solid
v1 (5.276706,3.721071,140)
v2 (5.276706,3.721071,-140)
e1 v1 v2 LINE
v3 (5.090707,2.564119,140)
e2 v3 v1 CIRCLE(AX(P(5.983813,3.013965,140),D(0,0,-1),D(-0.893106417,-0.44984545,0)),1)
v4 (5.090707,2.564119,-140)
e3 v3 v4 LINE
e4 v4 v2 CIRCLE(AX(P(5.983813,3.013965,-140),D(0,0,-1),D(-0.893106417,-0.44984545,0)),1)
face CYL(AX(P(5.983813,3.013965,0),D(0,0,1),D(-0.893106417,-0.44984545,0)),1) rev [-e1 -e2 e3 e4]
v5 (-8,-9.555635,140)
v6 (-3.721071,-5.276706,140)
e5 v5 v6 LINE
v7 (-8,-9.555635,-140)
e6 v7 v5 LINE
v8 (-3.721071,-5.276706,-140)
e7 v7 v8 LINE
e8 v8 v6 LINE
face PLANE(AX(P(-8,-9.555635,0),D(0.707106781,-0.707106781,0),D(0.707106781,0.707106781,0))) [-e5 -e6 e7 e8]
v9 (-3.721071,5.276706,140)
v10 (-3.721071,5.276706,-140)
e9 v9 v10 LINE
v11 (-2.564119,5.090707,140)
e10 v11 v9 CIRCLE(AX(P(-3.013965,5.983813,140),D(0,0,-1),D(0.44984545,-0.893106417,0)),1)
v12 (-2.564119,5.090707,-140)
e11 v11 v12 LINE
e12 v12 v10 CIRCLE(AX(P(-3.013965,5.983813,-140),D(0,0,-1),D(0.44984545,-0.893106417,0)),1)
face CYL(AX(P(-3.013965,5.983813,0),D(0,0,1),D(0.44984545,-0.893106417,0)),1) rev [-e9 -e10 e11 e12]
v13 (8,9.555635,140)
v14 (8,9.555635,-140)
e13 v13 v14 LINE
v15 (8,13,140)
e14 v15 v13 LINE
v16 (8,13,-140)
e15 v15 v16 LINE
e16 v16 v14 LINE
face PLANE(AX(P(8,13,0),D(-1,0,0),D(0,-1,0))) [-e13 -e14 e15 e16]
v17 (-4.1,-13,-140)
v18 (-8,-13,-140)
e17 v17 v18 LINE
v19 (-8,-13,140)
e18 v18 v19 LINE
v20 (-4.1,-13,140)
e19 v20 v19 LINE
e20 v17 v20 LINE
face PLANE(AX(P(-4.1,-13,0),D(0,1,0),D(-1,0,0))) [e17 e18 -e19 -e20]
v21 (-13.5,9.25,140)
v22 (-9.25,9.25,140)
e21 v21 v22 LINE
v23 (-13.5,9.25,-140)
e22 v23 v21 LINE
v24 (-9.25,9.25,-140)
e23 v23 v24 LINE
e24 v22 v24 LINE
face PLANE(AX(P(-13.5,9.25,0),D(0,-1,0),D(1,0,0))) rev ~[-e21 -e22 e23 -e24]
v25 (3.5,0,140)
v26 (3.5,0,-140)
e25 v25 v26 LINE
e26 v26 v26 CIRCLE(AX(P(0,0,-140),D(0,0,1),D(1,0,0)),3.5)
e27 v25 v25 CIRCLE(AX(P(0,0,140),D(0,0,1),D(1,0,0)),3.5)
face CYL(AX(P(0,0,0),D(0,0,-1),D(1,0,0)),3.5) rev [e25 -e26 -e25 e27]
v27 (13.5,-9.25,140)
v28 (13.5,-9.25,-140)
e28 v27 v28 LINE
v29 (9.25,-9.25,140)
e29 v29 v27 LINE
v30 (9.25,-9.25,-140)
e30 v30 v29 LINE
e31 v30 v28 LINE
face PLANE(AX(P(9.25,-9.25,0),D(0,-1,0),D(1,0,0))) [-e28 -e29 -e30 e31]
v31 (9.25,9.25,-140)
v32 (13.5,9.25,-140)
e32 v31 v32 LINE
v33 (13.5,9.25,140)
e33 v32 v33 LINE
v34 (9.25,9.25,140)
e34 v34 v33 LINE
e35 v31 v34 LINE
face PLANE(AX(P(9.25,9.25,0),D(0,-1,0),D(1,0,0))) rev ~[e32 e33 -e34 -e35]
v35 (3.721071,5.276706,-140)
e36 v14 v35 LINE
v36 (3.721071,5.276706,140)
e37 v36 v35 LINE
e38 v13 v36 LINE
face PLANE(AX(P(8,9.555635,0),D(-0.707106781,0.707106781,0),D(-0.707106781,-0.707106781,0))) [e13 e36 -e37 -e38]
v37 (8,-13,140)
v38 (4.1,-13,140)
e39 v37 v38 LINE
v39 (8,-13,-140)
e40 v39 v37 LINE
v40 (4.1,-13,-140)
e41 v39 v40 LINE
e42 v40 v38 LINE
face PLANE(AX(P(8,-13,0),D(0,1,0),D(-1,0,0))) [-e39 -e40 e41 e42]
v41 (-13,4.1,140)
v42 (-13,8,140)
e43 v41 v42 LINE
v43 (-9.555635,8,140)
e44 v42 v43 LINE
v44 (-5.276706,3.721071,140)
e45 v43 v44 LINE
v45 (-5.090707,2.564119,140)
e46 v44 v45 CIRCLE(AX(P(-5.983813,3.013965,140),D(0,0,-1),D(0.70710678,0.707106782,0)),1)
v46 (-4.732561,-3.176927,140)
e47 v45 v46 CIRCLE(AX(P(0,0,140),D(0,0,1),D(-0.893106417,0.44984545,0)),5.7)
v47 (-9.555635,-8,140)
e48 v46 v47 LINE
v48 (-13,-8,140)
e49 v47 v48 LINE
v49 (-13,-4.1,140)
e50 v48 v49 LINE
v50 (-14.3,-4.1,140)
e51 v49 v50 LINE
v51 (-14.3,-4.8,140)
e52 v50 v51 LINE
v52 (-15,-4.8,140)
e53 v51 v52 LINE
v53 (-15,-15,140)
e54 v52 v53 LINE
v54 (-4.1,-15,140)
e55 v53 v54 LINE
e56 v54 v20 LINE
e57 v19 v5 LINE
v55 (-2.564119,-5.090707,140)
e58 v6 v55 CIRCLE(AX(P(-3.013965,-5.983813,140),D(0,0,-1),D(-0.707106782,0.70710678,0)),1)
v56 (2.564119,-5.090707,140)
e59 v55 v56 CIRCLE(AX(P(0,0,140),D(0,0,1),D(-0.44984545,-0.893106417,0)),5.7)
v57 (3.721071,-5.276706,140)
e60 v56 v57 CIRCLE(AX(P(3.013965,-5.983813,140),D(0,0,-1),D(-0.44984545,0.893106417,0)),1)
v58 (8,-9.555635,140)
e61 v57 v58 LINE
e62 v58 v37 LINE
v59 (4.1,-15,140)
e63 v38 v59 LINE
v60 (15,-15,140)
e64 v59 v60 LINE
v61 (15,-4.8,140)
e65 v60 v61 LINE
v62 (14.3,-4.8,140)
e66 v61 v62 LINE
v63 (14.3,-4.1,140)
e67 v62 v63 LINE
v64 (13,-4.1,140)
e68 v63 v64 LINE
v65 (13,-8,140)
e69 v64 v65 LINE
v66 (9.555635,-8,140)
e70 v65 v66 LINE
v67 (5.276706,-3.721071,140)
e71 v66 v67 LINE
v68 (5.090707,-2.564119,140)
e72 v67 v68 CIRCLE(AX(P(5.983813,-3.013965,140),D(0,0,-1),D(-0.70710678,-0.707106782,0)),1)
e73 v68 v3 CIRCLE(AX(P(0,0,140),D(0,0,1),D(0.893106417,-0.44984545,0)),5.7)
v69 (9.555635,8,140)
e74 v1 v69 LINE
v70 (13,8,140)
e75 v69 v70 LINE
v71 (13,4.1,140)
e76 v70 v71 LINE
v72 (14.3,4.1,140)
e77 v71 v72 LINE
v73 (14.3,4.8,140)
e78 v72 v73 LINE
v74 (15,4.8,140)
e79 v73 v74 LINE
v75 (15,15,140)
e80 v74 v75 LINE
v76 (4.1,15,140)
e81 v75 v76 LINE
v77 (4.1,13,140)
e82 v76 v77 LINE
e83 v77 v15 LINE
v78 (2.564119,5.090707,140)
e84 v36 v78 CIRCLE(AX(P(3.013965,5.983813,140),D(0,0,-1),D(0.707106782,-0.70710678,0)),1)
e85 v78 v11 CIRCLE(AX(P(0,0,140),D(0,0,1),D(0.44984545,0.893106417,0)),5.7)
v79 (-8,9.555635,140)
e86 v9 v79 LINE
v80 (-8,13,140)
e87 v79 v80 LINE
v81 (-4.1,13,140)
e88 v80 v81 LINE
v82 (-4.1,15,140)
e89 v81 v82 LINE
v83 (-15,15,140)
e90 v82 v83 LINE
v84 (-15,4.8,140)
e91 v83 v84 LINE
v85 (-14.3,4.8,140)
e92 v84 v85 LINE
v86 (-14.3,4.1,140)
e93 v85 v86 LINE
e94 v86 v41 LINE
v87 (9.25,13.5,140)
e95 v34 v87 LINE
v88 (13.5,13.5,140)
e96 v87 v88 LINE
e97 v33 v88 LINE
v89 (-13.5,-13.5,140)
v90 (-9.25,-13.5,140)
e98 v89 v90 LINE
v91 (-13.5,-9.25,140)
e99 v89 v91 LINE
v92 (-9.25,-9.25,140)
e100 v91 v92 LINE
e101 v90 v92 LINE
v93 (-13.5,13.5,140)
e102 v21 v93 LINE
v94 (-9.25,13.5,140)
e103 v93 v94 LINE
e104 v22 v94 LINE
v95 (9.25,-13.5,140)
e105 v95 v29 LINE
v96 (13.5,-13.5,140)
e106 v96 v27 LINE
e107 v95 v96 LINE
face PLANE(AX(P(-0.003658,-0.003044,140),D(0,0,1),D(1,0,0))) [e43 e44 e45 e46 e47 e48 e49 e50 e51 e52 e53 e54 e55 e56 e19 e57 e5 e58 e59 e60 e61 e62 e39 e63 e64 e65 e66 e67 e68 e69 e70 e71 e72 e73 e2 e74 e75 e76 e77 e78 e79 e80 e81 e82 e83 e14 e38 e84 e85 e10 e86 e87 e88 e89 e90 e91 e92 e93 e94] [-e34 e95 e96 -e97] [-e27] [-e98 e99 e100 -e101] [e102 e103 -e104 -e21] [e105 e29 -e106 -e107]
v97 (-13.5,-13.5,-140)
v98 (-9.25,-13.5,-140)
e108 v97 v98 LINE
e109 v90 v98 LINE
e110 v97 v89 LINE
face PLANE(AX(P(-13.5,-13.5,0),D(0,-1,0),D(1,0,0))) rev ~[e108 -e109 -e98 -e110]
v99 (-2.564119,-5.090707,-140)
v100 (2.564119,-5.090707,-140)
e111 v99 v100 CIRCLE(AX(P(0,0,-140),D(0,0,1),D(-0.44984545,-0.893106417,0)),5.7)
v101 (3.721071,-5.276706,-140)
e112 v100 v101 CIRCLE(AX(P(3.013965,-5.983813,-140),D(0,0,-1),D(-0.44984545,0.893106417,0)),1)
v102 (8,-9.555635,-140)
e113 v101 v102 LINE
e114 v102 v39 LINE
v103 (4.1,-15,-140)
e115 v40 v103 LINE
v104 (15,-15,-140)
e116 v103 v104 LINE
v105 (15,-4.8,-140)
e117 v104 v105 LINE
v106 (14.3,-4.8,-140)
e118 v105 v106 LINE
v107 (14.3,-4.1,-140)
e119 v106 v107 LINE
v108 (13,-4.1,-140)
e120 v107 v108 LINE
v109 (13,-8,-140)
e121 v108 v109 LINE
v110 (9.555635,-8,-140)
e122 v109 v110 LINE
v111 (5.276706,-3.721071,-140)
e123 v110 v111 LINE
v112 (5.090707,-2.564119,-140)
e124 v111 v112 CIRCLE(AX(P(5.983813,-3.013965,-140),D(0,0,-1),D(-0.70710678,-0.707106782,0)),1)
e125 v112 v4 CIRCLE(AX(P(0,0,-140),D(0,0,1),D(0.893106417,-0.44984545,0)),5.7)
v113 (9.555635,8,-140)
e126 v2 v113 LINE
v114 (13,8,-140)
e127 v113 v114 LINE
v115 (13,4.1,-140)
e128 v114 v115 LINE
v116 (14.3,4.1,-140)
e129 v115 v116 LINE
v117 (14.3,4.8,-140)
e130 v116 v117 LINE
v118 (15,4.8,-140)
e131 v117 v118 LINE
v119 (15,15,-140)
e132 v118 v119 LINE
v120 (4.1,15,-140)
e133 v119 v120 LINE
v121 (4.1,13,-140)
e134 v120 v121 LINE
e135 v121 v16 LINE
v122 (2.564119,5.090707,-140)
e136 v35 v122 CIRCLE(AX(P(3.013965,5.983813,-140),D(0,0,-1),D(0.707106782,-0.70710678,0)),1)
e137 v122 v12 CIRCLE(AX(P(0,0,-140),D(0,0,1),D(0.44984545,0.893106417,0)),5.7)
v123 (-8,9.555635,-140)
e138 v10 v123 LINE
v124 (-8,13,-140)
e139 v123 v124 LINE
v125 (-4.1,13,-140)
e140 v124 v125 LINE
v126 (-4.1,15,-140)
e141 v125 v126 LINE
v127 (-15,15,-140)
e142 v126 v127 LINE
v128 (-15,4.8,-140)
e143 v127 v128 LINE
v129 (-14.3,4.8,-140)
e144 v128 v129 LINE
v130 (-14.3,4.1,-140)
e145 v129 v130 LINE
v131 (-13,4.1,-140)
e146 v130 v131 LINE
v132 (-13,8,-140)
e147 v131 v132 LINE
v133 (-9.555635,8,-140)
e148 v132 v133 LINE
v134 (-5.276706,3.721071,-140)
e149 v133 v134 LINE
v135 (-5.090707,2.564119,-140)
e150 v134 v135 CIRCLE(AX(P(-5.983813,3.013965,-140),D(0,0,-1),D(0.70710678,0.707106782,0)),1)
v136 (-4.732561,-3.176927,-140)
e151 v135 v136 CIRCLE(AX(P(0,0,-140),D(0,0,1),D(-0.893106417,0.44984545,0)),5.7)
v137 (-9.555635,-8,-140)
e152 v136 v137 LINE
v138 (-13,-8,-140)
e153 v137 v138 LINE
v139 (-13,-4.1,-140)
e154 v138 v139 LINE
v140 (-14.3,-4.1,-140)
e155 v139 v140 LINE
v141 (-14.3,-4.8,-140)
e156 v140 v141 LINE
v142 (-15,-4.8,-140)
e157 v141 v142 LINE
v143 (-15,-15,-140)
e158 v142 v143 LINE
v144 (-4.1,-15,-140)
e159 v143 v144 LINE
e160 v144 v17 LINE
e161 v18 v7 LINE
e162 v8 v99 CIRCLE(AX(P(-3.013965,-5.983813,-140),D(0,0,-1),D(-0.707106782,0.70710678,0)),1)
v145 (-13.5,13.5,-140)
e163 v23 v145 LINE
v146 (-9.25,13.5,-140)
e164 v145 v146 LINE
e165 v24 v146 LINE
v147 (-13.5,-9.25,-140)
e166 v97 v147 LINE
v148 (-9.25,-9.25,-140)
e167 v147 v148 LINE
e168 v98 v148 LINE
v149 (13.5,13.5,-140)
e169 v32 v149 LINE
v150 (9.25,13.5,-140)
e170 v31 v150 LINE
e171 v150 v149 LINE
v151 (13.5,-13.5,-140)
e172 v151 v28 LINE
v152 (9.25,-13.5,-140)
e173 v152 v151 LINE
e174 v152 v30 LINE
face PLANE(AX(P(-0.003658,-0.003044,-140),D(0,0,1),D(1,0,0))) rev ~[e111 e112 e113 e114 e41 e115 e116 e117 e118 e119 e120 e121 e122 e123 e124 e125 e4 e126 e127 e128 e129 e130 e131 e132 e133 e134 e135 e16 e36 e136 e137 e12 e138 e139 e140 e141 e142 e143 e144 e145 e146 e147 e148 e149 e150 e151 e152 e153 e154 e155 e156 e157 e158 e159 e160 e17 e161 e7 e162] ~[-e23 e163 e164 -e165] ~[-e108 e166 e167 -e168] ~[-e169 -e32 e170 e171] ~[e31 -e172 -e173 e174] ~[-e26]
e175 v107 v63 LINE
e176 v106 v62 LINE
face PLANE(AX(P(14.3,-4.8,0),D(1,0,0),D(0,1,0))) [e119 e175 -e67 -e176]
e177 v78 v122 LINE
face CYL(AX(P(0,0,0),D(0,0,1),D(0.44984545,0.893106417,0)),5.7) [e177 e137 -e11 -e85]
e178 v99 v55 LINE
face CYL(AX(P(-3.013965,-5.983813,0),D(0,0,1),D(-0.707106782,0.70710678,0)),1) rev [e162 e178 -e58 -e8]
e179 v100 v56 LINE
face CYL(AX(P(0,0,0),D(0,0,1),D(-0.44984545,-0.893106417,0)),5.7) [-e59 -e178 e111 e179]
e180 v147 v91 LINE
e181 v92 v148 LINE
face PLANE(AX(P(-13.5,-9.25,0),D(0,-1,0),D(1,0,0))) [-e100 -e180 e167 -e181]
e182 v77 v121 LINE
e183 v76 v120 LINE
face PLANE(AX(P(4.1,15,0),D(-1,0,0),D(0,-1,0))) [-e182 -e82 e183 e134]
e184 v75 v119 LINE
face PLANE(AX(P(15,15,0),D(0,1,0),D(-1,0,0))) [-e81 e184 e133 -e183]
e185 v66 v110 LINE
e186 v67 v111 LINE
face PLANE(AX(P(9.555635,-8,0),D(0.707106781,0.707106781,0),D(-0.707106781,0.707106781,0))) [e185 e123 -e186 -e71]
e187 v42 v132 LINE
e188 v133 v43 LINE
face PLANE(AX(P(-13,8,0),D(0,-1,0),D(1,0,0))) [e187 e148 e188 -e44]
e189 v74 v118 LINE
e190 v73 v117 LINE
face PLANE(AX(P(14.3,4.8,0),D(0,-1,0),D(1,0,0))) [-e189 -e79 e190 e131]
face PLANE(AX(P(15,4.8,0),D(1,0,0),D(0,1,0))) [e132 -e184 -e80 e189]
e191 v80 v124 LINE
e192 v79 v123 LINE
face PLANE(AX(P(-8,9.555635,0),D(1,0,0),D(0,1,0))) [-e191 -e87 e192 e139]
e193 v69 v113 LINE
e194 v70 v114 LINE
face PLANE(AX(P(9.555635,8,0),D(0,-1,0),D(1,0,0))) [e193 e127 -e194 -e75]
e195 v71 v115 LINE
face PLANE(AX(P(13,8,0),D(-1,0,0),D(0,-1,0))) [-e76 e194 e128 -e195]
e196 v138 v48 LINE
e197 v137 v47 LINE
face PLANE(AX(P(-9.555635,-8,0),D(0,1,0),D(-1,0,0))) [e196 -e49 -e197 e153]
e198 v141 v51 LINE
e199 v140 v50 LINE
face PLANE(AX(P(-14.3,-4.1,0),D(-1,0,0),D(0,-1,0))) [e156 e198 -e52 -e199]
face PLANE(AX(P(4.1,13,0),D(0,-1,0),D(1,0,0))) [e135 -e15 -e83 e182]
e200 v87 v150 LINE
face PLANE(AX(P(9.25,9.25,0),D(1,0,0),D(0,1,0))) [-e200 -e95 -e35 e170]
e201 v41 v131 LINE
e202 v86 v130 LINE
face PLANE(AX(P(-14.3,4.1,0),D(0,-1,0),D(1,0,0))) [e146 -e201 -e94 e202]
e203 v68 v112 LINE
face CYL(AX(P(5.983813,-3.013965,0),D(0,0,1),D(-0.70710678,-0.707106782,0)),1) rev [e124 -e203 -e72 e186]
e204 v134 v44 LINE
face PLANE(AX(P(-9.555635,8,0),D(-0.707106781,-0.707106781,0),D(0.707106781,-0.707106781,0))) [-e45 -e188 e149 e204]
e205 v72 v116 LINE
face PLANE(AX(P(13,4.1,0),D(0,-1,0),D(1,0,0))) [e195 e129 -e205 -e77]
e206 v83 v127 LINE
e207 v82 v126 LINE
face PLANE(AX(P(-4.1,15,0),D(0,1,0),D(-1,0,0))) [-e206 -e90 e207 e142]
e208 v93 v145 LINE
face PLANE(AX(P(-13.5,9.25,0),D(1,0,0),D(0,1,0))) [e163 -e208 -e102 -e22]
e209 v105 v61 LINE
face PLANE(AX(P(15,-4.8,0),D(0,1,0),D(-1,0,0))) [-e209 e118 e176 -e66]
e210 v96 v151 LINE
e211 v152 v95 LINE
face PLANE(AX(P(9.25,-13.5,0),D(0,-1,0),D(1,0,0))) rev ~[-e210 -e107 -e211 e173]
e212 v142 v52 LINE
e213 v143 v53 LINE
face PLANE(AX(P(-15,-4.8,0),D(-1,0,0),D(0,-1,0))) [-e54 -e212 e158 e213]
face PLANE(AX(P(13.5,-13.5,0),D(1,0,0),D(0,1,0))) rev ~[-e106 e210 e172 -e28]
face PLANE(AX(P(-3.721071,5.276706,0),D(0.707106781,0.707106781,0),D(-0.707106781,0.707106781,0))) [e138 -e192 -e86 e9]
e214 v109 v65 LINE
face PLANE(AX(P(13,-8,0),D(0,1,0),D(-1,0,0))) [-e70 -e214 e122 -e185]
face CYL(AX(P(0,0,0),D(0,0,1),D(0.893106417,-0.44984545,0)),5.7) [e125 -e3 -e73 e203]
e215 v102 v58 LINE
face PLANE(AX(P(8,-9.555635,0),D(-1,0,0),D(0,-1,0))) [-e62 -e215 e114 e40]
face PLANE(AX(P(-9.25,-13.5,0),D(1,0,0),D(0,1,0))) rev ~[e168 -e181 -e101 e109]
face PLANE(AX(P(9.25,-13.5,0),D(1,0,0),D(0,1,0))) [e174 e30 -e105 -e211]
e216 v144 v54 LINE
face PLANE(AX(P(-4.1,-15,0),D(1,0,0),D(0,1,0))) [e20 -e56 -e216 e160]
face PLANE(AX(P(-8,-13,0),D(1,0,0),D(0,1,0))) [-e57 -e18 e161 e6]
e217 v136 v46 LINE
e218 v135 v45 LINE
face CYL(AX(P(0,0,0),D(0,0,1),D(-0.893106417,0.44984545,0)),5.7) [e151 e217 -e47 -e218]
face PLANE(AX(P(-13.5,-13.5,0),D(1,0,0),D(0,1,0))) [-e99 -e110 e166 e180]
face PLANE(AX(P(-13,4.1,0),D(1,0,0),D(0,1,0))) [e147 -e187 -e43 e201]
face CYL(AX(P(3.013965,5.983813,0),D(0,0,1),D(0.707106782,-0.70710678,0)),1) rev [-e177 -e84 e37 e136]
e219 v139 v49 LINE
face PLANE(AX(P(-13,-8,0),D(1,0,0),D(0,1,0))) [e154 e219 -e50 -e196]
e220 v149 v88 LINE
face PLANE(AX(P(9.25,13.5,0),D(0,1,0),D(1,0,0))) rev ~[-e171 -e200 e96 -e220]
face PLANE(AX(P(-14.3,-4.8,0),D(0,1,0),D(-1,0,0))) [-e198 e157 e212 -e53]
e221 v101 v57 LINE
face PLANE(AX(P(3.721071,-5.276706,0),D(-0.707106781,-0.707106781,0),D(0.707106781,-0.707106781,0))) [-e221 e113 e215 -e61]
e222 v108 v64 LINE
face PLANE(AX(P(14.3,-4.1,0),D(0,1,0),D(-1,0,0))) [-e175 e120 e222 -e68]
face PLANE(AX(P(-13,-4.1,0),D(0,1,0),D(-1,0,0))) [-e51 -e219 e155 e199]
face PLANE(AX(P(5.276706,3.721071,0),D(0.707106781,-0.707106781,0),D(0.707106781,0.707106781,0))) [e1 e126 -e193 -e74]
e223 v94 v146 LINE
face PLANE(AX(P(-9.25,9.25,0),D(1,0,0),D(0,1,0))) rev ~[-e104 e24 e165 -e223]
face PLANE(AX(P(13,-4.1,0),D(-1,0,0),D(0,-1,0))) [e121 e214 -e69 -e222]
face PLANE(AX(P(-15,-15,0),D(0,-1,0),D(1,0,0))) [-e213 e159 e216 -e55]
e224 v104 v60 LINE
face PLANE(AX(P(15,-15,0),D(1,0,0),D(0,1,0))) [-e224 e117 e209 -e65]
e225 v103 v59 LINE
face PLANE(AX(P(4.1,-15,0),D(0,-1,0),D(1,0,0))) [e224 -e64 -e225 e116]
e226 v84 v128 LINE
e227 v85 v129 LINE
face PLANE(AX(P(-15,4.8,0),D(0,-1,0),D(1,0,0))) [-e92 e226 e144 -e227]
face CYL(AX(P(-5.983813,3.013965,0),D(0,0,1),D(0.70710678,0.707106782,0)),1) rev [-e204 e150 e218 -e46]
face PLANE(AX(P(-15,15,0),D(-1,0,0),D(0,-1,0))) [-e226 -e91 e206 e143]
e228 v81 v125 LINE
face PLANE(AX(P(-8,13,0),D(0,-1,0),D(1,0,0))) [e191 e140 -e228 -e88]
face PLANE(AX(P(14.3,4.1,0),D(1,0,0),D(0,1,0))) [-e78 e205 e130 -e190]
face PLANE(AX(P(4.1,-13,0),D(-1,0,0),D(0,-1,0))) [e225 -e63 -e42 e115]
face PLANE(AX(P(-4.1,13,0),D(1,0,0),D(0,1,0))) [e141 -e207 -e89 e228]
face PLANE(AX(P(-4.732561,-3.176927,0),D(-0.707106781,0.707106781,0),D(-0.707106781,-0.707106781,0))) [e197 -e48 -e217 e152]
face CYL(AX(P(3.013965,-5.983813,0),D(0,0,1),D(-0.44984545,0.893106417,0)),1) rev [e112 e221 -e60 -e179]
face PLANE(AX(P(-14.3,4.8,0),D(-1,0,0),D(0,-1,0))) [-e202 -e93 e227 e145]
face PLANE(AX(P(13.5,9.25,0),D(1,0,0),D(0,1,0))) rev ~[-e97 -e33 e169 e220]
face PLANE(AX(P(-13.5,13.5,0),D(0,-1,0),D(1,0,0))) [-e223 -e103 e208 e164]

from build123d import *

# Parameters (mm, degrees)
SKETCH1_R           = 3.5
SKETCH1_W           = 4.25
SKETCH1_H           = 4.25
BOSS_EXTRUDE1_DEPTH = 140


with BuildPart() as part:
    # Sketch1 → Boss-Extrude1 (new, symmetric)
    with BuildSketch(Plane.XY):
        with BuildLine():
            Line((-13, 8), (-9.555634919, 8))
            Line((-9.555634919, 8), (-5.276706211, 3.721071292))
            ThreePointArc((-5.276706211, 3.721071292), (-4.996490762, 3.172693256), (-5.090706575, 2.564119062))
            ThreePointArc((-5.090706575, 2.564119062), (-5.688941006, -0.354894676), (-4.732561446, -3.176926527))
            Line((-4.732561446, -3.176926527), (-9.555634919, -8))
            Line((-9.555634919, -8), (-13, -8))
            Line((-13, -8), (-13, -4.1))
            Line((-13, -4.1), (-14.3, -4.1))
            Line((-14.3, -4.1), (-14.3, -4.8))
            Line((-14.3, -4.8), (-15, -4.8))
            Line((-15, -4.8), (-15, -15))
            Line((-15, -15), (-4.1, -15))
            Line((-4.1, -15), (-4.1, -13))
            Line((-4.1, -13), (-8, -13))
            Line((-8, -13), (-8, -9.555634919))
            Line((-8, -9.555634919), (-3.721071292, -5.276706211))
            ThreePointArc((-3.721071292, -5.276706211), (-3.172693256, -4.996490762), (-2.564119062, -5.090706575))
            ThreePointArc((-2.564119062, -5.090706575), (0, -5.7), (2.564119062, -5.090706575))
            ThreePointArc((2.564119062, -5.090706575), (3.172693256, -4.996490762), (3.721071292, -5.276706211))
            Line((3.721071292, -5.276706211), (8, -9.555634919))
            Line((8, -9.555634919), (8, -13))
            Line((8, -13), (4.1, -13))
            Line((4.1, -13), (4.1, -15))
            Line((4.1, -15), (15, -15))
            Line((15, -15), (15, -4.8))
            Line((15, -4.8), (14.3, -4.8))
            Line((14.3, -4.8), (14.3, -4.1))
            Line((14.3, -4.1), (13, -4.1))
            Line((13, -4.1), (13, -8))
            Line((13, -8), (9.555634919, -8))
            Line((9.555634919, -8), (5.276706211, -3.721071292))
            ThreePointArc((5.276706211, -3.721071292), (4.996490762, -3.172693256), (5.090706575, -2.564119062))
            ThreePointArc((5.090706575, -2.564119062), (5.7, 0), (5.090706575, 2.564119062))
            ThreePointArc((5.090706575, 2.564119062), (4.996490762, 3.172693256), (5.276706211, 3.721071292))
            Line((5.276706211, 3.721071292), (9.555634919, 8))
            Line((9.555634919, 8), (13, 8))
            Line((13, 8), (13, 4.1))
            Line((13, 4.1), (14.3, 4.1))
            Line((14.3, 4.1), (14.3, 4.8))
            Line((14.3, 4.8), (15, 4.8))
            Line((15, 4.8), (15, 15))
            Line((15, 15), (4.1, 15))
            Line((4.1, 15), (4.1, 13))
            Line((4.1, 13), (8, 13))
            Line((8, 13), (8, 9.555634919))
            Line((8, 9.555634919), (3.721071292, 5.276706211))
            ThreePointArc((3.721071292, 5.276706211), (3.172693256, 4.996490762), (2.564119062, 5.090706575))
            ThreePointArc((2.564119062, 5.090706575), (0, 5.7), (-2.564119062, 5.090706575))
            ThreePointArc((-2.564119062, 5.090706575), (-3.172693256, 4.996490762), (-3.721071292, 5.276706211))
            Line((-3.721071292, 5.276706211), (-8, 9.555634919))
            Line((-8, 9.555634919), (-8, 13))
            Line((-8, 13), (-4.1, 13))
            Line((-4.1, 13), (-4.1, 15))
            Line((-4.1, 15), (-15, 15))
            Line((-15, 15), (-15, 4.8))
            Line((-15, 4.8), (-14.3, 4.8))
            Line((-14.3, 4.8), (-14.3, 4.1))
            Line((-14.3, 4.1), (-13, 4.1))
            Line((-13, 4.1), (-13, 8))
        make_face()
        Circle(SKETCH1_R, mode=Mode.SUBTRACT)
        with Locations((11.375, 11.375)):
            Rectangle(SKETCH1_W, SKETCH1_H, mode=Mode.SUBTRACT)
        with Locations((-11.375, -11.375)):
            Rectangle(SKETCH1_W, SKETCH1_H, mode=Mode.SUBTRACT)
        with Locations((11.375, -11.375)):
            Rectangle(SKETCH1_W, SKETCH1_H, mode=Mode.SUBTRACT)
        with Locations((-11.375, 11.375)):
            Rectangle(SKETCH1_W, SKETCH1_H, mode=Mode.SUBTRACT)
    extrude(amount=BOSS_EXTRUDE1_DEPTH, both=True)


solid = part.part
